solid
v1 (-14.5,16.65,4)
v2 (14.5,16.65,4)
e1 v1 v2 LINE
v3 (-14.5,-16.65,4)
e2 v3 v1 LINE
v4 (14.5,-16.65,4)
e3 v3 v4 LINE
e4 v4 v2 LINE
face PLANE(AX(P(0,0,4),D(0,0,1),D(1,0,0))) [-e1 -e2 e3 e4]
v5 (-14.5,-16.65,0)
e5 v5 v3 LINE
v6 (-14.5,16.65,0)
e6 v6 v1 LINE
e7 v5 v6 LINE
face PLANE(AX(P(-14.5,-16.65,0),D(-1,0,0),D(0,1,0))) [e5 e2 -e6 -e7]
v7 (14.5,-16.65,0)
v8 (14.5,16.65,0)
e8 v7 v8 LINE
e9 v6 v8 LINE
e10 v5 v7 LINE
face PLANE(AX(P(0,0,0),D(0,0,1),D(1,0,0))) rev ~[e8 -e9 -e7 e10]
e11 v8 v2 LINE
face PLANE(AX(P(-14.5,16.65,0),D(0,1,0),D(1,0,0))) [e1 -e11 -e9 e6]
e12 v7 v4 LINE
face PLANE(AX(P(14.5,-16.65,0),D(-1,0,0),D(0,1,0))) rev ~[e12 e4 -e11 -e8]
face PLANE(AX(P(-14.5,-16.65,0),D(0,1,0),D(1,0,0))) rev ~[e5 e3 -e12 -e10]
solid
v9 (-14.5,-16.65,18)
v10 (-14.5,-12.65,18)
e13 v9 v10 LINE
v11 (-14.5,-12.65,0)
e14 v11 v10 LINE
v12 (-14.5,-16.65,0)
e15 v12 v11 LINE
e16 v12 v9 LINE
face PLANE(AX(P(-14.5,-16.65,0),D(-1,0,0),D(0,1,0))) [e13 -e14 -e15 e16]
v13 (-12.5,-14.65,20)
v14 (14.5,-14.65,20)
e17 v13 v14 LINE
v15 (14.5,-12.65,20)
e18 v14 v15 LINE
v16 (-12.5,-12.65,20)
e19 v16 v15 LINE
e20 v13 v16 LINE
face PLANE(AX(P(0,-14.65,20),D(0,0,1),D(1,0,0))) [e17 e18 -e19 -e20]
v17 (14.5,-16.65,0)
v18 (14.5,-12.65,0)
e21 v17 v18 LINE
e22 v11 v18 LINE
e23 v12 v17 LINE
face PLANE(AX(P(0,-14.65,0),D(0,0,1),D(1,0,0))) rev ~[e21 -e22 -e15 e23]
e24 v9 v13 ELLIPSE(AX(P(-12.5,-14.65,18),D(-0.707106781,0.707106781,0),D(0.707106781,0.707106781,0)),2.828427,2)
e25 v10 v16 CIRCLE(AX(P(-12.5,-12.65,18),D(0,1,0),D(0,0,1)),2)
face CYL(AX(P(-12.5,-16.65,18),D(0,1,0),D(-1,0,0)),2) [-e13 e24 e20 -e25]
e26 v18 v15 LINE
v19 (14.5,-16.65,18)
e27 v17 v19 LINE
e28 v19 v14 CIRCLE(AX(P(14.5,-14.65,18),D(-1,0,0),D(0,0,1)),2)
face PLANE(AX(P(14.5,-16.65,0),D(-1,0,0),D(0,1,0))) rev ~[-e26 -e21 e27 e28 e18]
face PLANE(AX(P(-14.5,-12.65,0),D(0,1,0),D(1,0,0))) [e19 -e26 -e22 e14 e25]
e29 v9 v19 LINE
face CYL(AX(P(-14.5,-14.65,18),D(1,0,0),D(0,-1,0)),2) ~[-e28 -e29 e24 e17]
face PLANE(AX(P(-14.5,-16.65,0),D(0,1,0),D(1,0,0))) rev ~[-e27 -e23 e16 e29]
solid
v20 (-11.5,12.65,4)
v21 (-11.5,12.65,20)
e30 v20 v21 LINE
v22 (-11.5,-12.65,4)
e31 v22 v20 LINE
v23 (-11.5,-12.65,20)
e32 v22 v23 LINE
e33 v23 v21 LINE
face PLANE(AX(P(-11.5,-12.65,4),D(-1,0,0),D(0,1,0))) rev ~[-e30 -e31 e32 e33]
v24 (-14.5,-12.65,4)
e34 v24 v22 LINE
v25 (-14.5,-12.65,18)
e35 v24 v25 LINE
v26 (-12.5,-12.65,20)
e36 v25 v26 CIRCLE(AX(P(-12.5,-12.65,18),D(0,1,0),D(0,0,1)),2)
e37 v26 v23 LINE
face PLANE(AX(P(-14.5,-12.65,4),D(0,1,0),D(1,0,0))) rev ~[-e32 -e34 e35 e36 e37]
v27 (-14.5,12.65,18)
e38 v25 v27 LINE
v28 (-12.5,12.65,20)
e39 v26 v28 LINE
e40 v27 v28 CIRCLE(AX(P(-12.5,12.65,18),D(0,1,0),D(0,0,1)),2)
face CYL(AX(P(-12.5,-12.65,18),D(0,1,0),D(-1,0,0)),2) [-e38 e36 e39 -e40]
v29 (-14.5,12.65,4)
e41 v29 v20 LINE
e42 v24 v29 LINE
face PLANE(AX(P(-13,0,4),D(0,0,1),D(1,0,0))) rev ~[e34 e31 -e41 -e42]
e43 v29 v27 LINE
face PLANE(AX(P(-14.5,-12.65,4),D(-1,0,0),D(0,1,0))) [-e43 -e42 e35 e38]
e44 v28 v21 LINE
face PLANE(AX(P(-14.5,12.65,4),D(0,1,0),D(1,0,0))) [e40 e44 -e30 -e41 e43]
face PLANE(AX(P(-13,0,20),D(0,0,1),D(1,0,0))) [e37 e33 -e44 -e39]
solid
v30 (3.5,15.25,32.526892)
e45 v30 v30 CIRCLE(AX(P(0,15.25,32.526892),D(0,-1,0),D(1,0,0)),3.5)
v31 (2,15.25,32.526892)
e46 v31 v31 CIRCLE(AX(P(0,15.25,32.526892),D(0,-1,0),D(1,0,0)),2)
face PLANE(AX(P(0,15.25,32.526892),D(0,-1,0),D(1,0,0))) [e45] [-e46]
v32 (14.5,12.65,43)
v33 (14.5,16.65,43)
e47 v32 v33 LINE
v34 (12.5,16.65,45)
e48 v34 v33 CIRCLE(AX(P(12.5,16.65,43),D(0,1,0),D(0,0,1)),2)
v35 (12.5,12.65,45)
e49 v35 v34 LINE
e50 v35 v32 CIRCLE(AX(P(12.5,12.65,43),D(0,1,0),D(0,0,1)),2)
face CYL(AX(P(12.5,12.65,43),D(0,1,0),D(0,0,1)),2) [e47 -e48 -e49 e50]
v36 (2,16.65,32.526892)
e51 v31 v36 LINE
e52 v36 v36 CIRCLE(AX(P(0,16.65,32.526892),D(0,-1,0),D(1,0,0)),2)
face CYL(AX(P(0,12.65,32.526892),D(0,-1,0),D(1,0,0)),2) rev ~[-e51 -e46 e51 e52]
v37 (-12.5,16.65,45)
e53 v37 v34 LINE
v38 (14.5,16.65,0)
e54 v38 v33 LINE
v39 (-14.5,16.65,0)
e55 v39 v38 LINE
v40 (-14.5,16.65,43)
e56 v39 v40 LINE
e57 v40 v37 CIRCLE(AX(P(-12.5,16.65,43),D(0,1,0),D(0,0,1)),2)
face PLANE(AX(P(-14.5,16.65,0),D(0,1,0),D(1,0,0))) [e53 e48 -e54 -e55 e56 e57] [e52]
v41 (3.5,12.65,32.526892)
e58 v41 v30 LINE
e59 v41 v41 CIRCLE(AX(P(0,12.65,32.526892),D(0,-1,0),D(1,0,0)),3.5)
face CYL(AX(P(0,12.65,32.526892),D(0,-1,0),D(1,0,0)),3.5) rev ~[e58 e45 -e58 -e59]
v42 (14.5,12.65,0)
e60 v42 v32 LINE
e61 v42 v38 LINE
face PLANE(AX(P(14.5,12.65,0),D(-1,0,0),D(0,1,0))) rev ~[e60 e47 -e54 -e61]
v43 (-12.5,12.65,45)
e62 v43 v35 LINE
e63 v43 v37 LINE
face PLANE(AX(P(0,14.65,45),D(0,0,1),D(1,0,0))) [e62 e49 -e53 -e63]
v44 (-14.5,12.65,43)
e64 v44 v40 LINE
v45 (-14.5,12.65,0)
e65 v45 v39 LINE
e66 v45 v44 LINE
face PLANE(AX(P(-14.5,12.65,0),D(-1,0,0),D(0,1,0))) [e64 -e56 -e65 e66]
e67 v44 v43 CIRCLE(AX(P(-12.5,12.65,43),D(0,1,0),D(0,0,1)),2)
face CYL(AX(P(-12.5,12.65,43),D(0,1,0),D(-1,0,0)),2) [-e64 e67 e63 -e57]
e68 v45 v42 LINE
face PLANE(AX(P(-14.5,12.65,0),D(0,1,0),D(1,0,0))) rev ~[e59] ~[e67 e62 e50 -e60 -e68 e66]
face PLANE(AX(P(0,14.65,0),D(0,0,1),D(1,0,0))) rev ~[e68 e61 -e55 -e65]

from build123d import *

# Parameters (mm, degrees)
F0_W      = 29
F0_H      = 33.3
F1_DEPTH  = 4
F2_W      = 29
F2_H      = 4
F3_DEPTH  = 45
F4_W      = 29
F4_H      = 4
F5_DEPTH  = 20
F6_R      = 2
F7_DEPTH  = 6
F8_R      = 3.5
F9_DEPTH  = 2.6
F10_R     = 2
F11_W     = 3
F11_H     = 25.3
F12_DEPTH = 16
F13_R     = 2
F13_2_R   = 2


with BuildPart() as f1:
    # F0 (on Top) → F1 (new body)
    with BuildSketch(Plane.XY):
        Rectangle(F0_W, F0_H)
    extrude(amount=F1_DEPTH)


with BuildPart() as f3:
    # F2 (on face) → F3 (new body)
    with BuildSketch(Plane.XY):
        with Locations((0, 14.65)):
            Rectangle(F2_W, F2_H)
    extrude(amount=F3_DEPTH)

    # F6 (on face) → F7 (cut)
    with BuildSketch(Plane.XZ.offset(-12.65)):
        with Locations((0, 32.526892)):
            Circle(F6_R)
    extrude(amount=-F7_DEPTH, mode=Mode.SUBTRACT)

    # F8 (on face) → F9 (cut)
    with BuildSketch(Plane.XZ.offset(-12.65)):
        with Locations((0, 32.526892)):
            Circle(F8_R)
    extrude(amount=-F9_DEPTH, mode=Mode.SUBTRACT)

    # F10
    f10_edges = [f3.edges().sort_by_distance(p)[0] for p in [
        (-14.5, 14.65, 45),
        (14.5, 14.65, 45),
    ]]
    fillet(f10_edges, radius=F10_R)


with BuildPart() as f5:
    # F4 (on face) → F5 (new body)
    with BuildSketch(Plane.XY):
        with Locations((0, -14.65)):
            Rectangle(F4_W, F4_H)
    extrude(amount=F5_DEPTH)

    # F13
    f13_edges = [f5.edges().sort_by_distance(p)[0] for p in [
        (0, -16.65, 20),
        (-14.5, -14.65, 20),
    ]]
    fillet(f13_edges, radius=F13_R)


with BuildPart() as f12:
    # F11 (on face) → F12 (new body)
    with BuildSketch(Plane.XY.offset(4)):
        with Locations((-13, 0)):
            Rectangle(F11_W, F11_H)
    extrude(amount=F12_DEPTH)

    # F13#2
    f13_2_edges = [f12.edges().sort_by_distance(p)[0] for p in [
        (-14.5, 0, 20),
    ]]
    fillet(f13_2_edges, radius=F13_2_R)


solid = Compound([f1.part, f3.part, f5.part, f12.part])
